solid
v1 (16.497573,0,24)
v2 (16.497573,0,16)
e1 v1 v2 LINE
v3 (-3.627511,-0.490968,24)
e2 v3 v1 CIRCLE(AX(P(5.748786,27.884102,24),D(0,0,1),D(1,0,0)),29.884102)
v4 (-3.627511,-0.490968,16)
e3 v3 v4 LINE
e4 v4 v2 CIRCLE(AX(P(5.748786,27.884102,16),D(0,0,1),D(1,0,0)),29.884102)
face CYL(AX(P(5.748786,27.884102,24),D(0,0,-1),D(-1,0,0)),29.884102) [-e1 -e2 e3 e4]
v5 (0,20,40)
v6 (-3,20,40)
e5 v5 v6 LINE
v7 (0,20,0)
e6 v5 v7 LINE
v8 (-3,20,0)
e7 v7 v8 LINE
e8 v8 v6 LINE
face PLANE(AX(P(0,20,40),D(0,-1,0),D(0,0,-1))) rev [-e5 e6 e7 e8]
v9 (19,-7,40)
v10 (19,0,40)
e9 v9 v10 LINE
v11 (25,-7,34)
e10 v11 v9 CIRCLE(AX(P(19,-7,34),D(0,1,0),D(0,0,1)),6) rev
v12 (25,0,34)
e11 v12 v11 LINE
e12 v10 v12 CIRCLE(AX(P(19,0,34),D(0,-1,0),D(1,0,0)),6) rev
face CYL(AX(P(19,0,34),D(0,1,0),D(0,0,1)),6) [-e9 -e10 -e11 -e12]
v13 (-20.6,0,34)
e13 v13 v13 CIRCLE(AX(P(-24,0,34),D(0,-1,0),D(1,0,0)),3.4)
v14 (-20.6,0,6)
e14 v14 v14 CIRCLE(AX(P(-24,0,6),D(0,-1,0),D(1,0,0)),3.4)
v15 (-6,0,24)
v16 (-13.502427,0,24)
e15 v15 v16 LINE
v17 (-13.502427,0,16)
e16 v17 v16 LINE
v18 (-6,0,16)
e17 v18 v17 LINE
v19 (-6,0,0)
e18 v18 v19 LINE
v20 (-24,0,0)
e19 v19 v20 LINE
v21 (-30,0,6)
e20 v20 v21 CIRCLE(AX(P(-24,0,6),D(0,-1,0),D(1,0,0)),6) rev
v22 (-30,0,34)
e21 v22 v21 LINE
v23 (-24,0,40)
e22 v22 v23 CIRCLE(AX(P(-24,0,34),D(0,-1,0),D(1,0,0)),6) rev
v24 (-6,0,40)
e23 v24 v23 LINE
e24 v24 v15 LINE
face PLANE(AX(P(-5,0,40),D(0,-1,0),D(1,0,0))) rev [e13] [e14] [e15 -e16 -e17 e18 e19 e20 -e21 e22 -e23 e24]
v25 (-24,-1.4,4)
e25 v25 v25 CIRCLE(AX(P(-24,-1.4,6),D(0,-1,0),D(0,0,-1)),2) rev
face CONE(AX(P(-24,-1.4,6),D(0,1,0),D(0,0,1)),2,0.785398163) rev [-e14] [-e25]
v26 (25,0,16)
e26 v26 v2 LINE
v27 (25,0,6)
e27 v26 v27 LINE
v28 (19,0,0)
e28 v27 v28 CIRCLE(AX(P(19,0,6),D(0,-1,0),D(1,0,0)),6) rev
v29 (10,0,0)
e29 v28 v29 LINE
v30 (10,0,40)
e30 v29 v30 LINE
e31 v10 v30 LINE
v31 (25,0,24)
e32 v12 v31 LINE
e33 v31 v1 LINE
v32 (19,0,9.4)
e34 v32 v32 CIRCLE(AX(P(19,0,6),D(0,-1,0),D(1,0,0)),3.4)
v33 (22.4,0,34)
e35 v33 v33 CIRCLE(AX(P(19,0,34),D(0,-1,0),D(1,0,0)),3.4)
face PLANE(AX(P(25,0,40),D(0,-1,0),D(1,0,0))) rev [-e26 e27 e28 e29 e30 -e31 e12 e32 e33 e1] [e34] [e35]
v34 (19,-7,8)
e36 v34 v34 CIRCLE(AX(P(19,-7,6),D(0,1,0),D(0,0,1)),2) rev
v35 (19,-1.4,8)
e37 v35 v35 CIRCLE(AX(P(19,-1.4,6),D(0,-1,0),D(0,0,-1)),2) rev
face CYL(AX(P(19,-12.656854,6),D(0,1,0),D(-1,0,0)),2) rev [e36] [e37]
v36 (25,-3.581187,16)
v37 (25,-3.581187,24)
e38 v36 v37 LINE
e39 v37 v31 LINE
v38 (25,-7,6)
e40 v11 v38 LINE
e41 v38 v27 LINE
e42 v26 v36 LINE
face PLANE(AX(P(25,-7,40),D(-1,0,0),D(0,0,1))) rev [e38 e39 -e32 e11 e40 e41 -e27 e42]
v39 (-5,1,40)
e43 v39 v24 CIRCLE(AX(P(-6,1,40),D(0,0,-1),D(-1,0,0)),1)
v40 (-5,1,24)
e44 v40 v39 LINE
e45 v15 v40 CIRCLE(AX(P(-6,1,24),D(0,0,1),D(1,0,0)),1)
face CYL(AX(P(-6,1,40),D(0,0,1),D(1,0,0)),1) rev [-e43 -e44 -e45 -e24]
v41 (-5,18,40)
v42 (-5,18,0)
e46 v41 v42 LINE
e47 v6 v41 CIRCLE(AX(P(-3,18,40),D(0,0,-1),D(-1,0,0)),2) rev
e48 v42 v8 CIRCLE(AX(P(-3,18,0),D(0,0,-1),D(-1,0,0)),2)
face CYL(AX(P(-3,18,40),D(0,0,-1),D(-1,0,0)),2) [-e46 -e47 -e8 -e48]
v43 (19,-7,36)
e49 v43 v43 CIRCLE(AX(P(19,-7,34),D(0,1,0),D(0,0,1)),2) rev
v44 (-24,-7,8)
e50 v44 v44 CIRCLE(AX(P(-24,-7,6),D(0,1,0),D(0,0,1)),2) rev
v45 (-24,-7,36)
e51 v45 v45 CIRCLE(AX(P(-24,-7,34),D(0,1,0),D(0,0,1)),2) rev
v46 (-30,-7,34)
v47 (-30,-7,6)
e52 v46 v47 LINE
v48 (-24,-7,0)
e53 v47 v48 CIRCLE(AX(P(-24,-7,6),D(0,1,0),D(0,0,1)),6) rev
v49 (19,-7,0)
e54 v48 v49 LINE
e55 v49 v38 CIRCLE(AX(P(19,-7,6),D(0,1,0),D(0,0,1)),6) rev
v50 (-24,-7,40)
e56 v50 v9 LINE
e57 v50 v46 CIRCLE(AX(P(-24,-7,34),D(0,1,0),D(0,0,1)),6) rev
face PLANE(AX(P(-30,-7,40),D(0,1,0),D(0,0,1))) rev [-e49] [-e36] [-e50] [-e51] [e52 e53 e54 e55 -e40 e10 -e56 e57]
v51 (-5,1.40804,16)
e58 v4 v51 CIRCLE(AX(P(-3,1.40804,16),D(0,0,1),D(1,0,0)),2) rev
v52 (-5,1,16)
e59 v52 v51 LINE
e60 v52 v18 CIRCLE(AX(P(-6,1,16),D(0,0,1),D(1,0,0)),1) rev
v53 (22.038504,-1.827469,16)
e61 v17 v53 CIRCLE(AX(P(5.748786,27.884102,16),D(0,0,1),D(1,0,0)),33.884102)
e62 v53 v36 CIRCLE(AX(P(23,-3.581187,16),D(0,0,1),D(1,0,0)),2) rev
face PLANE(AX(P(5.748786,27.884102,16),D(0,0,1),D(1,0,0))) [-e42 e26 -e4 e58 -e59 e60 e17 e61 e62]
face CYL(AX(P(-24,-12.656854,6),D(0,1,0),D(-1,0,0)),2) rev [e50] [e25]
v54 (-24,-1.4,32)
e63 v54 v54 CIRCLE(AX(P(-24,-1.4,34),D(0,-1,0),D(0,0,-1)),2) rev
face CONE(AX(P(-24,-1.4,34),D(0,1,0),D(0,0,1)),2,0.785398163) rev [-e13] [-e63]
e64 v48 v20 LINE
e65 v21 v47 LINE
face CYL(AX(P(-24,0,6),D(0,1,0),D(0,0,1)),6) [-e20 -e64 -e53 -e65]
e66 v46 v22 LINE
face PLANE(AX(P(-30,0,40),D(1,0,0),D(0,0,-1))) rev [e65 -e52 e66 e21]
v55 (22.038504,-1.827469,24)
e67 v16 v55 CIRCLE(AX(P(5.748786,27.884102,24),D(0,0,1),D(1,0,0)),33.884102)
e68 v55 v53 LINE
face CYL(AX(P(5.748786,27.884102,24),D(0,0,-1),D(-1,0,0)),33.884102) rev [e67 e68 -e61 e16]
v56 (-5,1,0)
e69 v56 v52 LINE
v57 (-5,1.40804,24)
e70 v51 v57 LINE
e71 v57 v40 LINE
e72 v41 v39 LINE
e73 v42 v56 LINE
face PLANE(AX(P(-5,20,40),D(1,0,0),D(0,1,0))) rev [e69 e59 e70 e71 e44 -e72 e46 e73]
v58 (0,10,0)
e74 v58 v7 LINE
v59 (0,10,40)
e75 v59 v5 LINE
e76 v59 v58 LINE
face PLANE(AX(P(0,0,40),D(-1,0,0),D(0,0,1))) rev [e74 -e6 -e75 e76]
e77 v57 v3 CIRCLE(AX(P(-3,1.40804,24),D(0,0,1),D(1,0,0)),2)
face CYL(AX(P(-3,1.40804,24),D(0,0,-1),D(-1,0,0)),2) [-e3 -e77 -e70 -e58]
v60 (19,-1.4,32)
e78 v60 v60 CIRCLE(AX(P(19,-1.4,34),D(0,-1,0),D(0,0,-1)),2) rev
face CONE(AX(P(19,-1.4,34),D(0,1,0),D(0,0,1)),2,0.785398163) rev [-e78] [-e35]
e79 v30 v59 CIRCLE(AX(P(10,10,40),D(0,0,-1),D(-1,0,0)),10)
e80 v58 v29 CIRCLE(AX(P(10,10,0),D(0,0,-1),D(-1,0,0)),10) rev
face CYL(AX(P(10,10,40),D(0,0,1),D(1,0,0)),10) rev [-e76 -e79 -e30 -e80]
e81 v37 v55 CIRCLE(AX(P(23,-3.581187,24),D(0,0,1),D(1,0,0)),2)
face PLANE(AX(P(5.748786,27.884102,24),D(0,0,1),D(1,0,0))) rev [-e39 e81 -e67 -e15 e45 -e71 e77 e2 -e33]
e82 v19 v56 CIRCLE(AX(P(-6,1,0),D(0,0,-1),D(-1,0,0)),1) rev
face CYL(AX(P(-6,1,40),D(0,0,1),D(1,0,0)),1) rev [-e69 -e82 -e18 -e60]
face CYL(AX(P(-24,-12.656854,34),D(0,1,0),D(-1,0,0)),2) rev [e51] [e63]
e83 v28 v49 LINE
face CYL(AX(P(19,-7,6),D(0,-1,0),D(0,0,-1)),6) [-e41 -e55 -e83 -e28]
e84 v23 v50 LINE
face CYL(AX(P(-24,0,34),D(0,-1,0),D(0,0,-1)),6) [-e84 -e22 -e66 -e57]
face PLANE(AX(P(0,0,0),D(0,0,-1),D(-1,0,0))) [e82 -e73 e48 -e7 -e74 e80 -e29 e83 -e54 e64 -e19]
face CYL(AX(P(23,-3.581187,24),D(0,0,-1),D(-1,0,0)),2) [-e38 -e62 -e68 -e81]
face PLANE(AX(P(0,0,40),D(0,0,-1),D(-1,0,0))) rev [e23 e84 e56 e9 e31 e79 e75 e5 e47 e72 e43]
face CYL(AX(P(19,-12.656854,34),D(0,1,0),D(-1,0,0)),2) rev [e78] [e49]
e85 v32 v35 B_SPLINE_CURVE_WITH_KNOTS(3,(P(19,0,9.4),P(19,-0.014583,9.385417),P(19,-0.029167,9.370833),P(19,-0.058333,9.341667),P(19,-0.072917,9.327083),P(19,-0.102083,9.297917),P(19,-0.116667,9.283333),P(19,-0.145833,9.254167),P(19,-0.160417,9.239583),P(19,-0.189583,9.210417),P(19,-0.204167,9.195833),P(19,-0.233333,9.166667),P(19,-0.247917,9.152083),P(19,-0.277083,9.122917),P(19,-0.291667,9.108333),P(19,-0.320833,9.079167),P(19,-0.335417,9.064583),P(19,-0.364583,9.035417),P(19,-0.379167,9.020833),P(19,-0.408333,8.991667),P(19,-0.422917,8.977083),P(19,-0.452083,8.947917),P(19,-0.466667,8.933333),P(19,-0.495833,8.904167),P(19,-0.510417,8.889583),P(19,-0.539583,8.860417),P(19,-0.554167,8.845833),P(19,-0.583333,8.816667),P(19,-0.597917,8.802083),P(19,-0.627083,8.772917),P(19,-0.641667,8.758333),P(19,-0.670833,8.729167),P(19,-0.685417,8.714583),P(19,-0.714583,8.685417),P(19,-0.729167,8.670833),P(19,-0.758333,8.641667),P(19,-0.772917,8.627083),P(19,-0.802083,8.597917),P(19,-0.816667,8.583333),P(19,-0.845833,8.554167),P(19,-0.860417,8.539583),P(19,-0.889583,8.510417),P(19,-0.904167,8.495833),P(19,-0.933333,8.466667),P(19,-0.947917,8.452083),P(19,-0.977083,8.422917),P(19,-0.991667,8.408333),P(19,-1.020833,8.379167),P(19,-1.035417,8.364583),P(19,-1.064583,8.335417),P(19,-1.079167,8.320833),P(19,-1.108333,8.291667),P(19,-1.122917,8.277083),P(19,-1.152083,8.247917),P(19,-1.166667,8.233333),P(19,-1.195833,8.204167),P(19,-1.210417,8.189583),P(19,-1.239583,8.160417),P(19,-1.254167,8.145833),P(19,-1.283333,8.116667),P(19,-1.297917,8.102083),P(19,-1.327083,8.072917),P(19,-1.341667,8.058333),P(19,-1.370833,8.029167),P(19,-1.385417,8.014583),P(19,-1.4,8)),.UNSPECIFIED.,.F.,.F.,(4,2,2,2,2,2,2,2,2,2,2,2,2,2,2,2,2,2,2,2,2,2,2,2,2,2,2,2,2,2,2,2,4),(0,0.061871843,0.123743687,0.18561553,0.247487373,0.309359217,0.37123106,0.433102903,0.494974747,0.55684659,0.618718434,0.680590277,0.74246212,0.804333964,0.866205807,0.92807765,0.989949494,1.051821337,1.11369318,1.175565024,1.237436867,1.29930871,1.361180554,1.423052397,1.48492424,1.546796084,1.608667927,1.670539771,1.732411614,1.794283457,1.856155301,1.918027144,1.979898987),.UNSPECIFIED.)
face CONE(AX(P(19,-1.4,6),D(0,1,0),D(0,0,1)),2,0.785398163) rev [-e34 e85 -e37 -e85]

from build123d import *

# Parameters (mm, degrees)
BOSS_EXTRUDE1_DEPTH     = 40
CUT_EXTRUDE1_DEPTH      = 4
CUT_EXTRUDE1_DEPTH_BACK = 4
CUT_EXTRUDE1_START      = -20
SKETCH3_R               = 33.884102156
SKETCH3_R_2             = 29.884102156
FILLET1_R               = 2
FILLET2_R               = 2
FILLET3_R               = 2
SKETCH4_R               = 2
CUT_EXTRUDE2_DEPTH      = 7
CHAMFER1_SIZE           = 1.4
FILLET4_R               = 1
FILLET5_R               = 10
FILLET6_R               = 6


with BuildPart() as part:
    # Sketch1 → Boss-Extrude1 (new body)
    with BuildSketch(Plane.XY):
        Polygon((0, 0), (0, 20), (-5, 20), (-5, 0), (-30, 0), (-30, -7), (25, -7), (25, 0), align=None)
    extrude(amount=BOSS_EXTRUDE1_DEPTH)

    # Sketch3 → Cut-Extrude1 (cut, two sides: drawn at the far end of the back side and taken through both)
    with BuildSketch(Plane.XY.offset(40).offset(CUT_EXTRUDE1_START - CUT_EXTRUDE1_DEPTH_BACK)):
        with Locations((5.748786379, 27.884102156)):
            Circle(SKETCH3_R)
        with Locations((5.748786379, 27.884102156)):
            Circle(SKETCH3_R_2, mode=Mode.SUBTRACT)
    extrude(amount=CUT_EXTRUDE1_DEPTH + CUT_EXTRUDE1_DEPTH_BACK, mode=Mode.SUBTRACT)

    # Fillet1
    fillet1_edges = [part.edges().sort_by_distance(p)[0] for p in [
        (-5, 0, 20),
    ]]
    fillet(fillet1_edges, radius=FILLET1_R)

    # Fillet2
    fillet2_edges = [part.edges().sort_by_distance(p)[0] for p in [
        (-5, 20, 20),
    ]]
    fillet(fillet2_edges, radius=FILLET2_R)

    # Fillet3
    fillet3_edges = [part.edges().sort_by_distance(p)[0] for p in [
        (25, 0, 20),
    ]]
    fillet(fillet3_edges, radius=FILLET3_R)

    # Sketch4 → Cut-Extrude2 (cut)
    with BuildSketch(Plane(origin=(0, 0, 0), x_dir=(1, 0, 0), z_dir=(0, 1, 0))):
        with Locations(Location((-24, -6, 0), (0, 0, 180))):
            Circle(SKETCH4_R)
        with Locations(Location((-24, -34, 0), (0, 0, 180))):
            Circle(SKETCH4_R)
        with Locations(Location((19, -34, 0), (0, 0, 180))):
            Circle(SKETCH4_R)
        with Locations(Location((19, -6, 0), (0, 0, 180))):
            Circle(SKETCH4_R)
    extrude(amount=-CUT_EXTRUDE2_DEPTH, mode=Mode.SUBTRACT)

    # Chamfer1
    chamfer1_edges = [part.edges().sort_by_distance(p)[0] for p in [
        (21, 0, 6),
        (21, 0, 34),
        (-22, 0, 34),
        (-22, 0, 6),
    ]]
    chamfer(chamfer1_edges, length=CHAMFER1_SIZE)

    # Fillet4
    fillet4_edges = [part.edges().sort_by_distance(p)[0] for p in [
        (-5, 0, 32),
        (-5, 0, 8),
    ]]
    fillet(fillet4_edges, radius=FILLET4_R)

    # Fillet5
    fillet5_edges = [part.edges().sort_by_distance(p)[0] for p in [
        (0, 0, 20),
    ]]
    fillet(fillet5_edges, radius=FILLET5_R)

    # Fillet6
    fillet6_edges = [part.edges().sort_by_distance(p)[0] for p in [
        (-30, -3.5, 40),
        (25, -3.5, 40),
        (25, -3.5, 0),
        (-30, -3.5, 0),
    ]]
    fillet(fillet6_edges, radius=FILLET6_R)


solid = part.part
